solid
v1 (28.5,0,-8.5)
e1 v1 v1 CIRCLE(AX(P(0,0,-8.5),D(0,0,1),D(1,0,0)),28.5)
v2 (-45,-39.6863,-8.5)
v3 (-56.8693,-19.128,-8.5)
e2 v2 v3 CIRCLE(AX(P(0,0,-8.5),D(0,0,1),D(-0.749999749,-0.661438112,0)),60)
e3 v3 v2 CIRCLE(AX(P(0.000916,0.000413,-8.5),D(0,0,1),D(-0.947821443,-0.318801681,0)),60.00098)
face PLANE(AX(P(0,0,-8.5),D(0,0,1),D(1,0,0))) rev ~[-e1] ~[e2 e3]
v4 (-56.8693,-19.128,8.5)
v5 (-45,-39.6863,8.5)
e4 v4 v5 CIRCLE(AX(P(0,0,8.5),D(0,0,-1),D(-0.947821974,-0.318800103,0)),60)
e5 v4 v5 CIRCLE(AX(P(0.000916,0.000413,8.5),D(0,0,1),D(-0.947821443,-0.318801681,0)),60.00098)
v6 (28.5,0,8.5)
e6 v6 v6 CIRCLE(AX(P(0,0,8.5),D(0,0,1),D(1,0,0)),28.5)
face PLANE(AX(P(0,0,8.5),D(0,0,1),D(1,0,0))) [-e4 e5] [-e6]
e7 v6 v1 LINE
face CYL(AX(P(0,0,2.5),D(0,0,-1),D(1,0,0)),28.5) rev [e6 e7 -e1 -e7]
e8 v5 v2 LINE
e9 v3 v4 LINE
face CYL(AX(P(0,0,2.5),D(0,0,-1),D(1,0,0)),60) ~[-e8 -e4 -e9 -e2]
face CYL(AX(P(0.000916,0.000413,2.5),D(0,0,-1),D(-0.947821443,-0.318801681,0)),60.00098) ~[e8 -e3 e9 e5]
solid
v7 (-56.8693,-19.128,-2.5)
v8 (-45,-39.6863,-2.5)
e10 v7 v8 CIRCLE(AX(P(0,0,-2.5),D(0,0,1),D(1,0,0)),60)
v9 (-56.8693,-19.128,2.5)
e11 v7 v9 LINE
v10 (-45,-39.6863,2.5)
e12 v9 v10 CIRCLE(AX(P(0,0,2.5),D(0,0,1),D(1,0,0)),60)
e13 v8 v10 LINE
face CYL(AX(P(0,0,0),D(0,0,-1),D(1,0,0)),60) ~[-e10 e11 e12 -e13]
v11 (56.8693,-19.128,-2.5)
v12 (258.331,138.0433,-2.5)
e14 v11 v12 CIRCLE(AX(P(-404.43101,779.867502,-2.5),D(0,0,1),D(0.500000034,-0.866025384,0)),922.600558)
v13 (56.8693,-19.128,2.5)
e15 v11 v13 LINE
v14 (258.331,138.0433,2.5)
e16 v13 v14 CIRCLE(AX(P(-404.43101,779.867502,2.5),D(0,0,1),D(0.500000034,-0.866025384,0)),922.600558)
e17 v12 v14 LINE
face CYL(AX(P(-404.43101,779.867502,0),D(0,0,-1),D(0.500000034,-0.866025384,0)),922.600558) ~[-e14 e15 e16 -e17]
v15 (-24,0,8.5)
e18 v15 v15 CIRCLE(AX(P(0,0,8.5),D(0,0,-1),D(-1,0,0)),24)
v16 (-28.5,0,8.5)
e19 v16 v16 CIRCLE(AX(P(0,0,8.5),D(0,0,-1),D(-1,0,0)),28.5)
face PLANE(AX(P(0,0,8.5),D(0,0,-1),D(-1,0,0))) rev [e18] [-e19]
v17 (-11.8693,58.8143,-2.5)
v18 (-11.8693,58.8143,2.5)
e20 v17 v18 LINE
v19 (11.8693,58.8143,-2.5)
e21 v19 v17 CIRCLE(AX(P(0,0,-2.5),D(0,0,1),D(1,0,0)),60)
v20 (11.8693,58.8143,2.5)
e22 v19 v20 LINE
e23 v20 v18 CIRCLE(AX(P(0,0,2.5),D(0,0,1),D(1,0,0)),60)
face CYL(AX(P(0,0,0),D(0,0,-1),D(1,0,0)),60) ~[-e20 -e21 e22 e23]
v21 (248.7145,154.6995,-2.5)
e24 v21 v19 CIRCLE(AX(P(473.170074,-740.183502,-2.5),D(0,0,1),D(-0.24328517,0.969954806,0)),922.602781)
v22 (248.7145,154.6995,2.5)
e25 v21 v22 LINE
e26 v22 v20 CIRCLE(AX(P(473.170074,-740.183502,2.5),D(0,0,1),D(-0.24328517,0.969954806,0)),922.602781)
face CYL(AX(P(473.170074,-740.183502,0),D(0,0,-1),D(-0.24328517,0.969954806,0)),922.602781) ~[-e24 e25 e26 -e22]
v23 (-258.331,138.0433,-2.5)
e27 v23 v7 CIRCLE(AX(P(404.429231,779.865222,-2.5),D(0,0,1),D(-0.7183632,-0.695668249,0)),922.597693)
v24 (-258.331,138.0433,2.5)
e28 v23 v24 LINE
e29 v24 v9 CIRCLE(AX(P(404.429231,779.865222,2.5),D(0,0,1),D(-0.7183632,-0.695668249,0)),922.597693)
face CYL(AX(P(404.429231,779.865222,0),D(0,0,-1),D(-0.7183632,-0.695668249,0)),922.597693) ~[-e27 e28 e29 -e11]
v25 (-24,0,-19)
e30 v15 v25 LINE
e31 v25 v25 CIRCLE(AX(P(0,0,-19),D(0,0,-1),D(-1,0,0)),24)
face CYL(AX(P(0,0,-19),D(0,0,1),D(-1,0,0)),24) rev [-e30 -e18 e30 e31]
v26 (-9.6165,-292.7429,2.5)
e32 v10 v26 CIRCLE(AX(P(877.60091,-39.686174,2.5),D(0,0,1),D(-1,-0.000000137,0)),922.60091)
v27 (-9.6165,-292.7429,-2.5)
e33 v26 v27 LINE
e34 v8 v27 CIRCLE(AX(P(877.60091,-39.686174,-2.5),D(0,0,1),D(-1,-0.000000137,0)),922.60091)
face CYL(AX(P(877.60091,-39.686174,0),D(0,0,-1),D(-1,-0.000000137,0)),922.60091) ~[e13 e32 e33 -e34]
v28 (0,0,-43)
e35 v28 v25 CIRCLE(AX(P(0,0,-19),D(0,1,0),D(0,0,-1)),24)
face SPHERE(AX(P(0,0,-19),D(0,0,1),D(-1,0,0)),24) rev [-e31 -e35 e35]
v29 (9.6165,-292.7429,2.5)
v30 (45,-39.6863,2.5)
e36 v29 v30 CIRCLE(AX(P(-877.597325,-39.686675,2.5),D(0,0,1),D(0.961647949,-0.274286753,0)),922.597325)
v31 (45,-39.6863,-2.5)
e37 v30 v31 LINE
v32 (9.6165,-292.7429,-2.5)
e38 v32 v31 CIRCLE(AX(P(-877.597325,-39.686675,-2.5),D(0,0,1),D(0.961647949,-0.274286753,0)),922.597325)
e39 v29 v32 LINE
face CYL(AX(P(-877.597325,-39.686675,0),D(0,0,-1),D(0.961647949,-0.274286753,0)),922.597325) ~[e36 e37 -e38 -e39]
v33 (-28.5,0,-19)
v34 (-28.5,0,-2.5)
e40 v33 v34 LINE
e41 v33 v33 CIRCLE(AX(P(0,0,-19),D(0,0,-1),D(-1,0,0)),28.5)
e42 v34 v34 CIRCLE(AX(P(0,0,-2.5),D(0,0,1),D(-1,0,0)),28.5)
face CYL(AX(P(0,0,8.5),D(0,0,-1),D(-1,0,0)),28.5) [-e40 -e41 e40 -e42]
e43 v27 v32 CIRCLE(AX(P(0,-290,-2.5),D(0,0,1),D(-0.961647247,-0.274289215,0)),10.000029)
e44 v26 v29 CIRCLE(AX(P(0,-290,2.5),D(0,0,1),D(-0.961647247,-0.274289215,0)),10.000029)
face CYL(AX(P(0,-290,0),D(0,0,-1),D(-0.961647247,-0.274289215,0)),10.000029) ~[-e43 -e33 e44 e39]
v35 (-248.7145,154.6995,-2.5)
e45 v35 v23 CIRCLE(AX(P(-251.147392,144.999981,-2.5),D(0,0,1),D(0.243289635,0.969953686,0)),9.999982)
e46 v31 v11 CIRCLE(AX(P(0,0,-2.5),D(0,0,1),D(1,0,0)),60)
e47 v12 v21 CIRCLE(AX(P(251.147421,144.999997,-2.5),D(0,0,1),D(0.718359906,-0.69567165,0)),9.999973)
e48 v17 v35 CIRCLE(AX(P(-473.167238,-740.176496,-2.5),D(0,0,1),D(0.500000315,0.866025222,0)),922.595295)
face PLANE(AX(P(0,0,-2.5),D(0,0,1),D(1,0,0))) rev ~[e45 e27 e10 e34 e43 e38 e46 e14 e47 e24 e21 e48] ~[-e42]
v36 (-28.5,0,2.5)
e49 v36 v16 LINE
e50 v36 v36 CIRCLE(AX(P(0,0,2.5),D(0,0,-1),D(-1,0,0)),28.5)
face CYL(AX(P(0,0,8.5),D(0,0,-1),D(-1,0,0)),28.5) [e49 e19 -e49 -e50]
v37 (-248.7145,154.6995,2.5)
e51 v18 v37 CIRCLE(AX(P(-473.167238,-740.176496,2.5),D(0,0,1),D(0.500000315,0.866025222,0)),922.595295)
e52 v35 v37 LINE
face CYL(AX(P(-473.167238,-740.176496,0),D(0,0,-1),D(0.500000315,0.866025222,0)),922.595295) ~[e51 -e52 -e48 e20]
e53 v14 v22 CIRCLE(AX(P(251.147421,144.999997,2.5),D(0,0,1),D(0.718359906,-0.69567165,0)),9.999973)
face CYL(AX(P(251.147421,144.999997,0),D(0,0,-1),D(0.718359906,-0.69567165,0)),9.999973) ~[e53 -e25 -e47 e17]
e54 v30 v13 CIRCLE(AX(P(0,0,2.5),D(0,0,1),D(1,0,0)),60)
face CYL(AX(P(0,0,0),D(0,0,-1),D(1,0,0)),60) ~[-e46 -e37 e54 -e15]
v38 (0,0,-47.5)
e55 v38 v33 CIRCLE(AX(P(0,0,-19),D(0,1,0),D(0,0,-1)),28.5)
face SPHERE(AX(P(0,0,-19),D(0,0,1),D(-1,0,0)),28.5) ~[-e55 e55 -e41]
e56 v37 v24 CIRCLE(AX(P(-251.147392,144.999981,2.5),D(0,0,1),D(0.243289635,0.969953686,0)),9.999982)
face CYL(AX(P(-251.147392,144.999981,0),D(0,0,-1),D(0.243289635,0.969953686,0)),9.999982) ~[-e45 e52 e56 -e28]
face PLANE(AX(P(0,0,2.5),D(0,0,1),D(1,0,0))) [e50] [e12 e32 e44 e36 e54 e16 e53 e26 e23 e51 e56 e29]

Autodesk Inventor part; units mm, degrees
ref_plane "YZ Plane" through (0, 0, 0) normal (1, 0, 0) x (0, 1, 0)
ref_plane "XZ Plane" through (0, 0, 0) normal (0, 1, 0) x (-1, 0, 0)
ref_plane "XY Plane" through (0, 0, 0) normal (0, 0, 1) x (1, 0, 0)
sketch "スケッチ1" plane through (0, 0, 0) normal (0, 0, 1) x (1, 0, 0)
  circle A0 centre (0, 0) radius 28.5
  circle A1 centre (0, 0) radius 60
  arc A2 (9.6165, -292.7429) -> (45, -39.6863) centre (-877.5991, -39.6863) ccw
  arc A3 (-9.6165, -292.7429) -> (9.6165, -292.7429) centre (0, -290) ccw
  arc A4 (-45, -39.6863) -> (-9.6165, -292.7429) centre (877.5991, -39.6863) ccw
  circle A5 centre (0, 0) radius 300 construction
  line L0 (45, -39.6863) -> (45, -370.5857) construction
  line L1 (45, -370.5857) -> (-45, -370.5857) construction
  line L2 (-45, -370.5857) -> (-45, -39.6863) construction
  circle A6 centre (0, 0) radius 28.5
  circle A7 centre (0, 0) radius 60
  arc A8 (248.7145, 154.6995) -> (11.8693, 58.8143) centre (473.1689, -740.1799) ccw
  arc A9 (258.331, 138.0433) -> (248.7145, 154.6995) centre (251.1474, 145) ccw
  arc A10 (56.8693, -19.128) -> (258.331, 138.0433) centre (-404.4302, 779.8663) ccw
  circle A11 centre (0, 0) radius 28.5
  circle A12 centre (0, 0) radius 60
  arc A13 (-258.331, 138.0433) -> (-56.8693, -19.128) centre (404.4302, 779.8663) ccw
  arc A14 (-248.7145, 154.6995) -> (-258.331, 138.0433) centre (-251.1474, 145) ccw
  arc A15 (-11.8693, 58.8143) -> (-248.7145, 154.6995) centre (-473.1689, -740.1799) ccw
  point P0 (11.8693, 58.8143)
  point P1 (56.8693, -19.128)
  point P2 (-56.8693, -19.128)
  point P3 (-11.8693, 58.8143)
  dimension "d1" = 90
  dimension "d2" = 600
  dimension "d3" = 120
  dimension "d4" = 57
  dimension "d5" = 90
  dimension "d7" = 10
  dimension "d10" = 360
extrude "押し出し1" add sketch "スケッチ1" along normal mid plane 5
sketch "スケッチ3" plane through (0, 0, 0) normal (0, 1, 0) x (-1, 0, 0)
  line L0 (28.5, -2.5) -> (-28.5, -2.5) projected
  line L1 (28.5, 8.5) -> (28.5, -19)
  line L2 (28.5, -19) -> (24, -19)
  line L3 (24, -19) -> (24, 8.5)
  line L4 (24, 8.5) -> (28.5, 8.5)
  line L5 (0, 0) -> (0, -47.5) construction
  arc A0 (0, -47.5) -> (28.5, -19) centre (0, -19) ccw
  arc A1 (0, -43) -> (24, -19) centre (0, -19) ccw
  line L6 (0, -47.5) -> (0, -43)
  line L7 (45, 2.5) -> (9.6165, 2.5) projected
  dimension "d17" = 24
  dimension "d18" = 28.5
  dimension "d19" = 45
  dimension "d24" = 6
revolve "回転1" add sketch "スケッチ3" angle 360 about axis through (0, 0, 0) along (0, 0, -1)
sketch "スケッチ4" plane through (0, 0, 2.5) normal (0, 0, 1) x (1, 0, 0)
  circle A0 centre (0, 0) radius 28.5 projected
  arc A1 (-56.8693, -19.128) -> (-45, -39.6863) centre (0, 0) ccw projected
  circle A2 centre (0, 0) radius 60
extrude "押し出し3" add sketch "スケッチ4" along normal blind 6 and the other way blind 11 separate body
properties part number "Wind Turbine Propeller"
